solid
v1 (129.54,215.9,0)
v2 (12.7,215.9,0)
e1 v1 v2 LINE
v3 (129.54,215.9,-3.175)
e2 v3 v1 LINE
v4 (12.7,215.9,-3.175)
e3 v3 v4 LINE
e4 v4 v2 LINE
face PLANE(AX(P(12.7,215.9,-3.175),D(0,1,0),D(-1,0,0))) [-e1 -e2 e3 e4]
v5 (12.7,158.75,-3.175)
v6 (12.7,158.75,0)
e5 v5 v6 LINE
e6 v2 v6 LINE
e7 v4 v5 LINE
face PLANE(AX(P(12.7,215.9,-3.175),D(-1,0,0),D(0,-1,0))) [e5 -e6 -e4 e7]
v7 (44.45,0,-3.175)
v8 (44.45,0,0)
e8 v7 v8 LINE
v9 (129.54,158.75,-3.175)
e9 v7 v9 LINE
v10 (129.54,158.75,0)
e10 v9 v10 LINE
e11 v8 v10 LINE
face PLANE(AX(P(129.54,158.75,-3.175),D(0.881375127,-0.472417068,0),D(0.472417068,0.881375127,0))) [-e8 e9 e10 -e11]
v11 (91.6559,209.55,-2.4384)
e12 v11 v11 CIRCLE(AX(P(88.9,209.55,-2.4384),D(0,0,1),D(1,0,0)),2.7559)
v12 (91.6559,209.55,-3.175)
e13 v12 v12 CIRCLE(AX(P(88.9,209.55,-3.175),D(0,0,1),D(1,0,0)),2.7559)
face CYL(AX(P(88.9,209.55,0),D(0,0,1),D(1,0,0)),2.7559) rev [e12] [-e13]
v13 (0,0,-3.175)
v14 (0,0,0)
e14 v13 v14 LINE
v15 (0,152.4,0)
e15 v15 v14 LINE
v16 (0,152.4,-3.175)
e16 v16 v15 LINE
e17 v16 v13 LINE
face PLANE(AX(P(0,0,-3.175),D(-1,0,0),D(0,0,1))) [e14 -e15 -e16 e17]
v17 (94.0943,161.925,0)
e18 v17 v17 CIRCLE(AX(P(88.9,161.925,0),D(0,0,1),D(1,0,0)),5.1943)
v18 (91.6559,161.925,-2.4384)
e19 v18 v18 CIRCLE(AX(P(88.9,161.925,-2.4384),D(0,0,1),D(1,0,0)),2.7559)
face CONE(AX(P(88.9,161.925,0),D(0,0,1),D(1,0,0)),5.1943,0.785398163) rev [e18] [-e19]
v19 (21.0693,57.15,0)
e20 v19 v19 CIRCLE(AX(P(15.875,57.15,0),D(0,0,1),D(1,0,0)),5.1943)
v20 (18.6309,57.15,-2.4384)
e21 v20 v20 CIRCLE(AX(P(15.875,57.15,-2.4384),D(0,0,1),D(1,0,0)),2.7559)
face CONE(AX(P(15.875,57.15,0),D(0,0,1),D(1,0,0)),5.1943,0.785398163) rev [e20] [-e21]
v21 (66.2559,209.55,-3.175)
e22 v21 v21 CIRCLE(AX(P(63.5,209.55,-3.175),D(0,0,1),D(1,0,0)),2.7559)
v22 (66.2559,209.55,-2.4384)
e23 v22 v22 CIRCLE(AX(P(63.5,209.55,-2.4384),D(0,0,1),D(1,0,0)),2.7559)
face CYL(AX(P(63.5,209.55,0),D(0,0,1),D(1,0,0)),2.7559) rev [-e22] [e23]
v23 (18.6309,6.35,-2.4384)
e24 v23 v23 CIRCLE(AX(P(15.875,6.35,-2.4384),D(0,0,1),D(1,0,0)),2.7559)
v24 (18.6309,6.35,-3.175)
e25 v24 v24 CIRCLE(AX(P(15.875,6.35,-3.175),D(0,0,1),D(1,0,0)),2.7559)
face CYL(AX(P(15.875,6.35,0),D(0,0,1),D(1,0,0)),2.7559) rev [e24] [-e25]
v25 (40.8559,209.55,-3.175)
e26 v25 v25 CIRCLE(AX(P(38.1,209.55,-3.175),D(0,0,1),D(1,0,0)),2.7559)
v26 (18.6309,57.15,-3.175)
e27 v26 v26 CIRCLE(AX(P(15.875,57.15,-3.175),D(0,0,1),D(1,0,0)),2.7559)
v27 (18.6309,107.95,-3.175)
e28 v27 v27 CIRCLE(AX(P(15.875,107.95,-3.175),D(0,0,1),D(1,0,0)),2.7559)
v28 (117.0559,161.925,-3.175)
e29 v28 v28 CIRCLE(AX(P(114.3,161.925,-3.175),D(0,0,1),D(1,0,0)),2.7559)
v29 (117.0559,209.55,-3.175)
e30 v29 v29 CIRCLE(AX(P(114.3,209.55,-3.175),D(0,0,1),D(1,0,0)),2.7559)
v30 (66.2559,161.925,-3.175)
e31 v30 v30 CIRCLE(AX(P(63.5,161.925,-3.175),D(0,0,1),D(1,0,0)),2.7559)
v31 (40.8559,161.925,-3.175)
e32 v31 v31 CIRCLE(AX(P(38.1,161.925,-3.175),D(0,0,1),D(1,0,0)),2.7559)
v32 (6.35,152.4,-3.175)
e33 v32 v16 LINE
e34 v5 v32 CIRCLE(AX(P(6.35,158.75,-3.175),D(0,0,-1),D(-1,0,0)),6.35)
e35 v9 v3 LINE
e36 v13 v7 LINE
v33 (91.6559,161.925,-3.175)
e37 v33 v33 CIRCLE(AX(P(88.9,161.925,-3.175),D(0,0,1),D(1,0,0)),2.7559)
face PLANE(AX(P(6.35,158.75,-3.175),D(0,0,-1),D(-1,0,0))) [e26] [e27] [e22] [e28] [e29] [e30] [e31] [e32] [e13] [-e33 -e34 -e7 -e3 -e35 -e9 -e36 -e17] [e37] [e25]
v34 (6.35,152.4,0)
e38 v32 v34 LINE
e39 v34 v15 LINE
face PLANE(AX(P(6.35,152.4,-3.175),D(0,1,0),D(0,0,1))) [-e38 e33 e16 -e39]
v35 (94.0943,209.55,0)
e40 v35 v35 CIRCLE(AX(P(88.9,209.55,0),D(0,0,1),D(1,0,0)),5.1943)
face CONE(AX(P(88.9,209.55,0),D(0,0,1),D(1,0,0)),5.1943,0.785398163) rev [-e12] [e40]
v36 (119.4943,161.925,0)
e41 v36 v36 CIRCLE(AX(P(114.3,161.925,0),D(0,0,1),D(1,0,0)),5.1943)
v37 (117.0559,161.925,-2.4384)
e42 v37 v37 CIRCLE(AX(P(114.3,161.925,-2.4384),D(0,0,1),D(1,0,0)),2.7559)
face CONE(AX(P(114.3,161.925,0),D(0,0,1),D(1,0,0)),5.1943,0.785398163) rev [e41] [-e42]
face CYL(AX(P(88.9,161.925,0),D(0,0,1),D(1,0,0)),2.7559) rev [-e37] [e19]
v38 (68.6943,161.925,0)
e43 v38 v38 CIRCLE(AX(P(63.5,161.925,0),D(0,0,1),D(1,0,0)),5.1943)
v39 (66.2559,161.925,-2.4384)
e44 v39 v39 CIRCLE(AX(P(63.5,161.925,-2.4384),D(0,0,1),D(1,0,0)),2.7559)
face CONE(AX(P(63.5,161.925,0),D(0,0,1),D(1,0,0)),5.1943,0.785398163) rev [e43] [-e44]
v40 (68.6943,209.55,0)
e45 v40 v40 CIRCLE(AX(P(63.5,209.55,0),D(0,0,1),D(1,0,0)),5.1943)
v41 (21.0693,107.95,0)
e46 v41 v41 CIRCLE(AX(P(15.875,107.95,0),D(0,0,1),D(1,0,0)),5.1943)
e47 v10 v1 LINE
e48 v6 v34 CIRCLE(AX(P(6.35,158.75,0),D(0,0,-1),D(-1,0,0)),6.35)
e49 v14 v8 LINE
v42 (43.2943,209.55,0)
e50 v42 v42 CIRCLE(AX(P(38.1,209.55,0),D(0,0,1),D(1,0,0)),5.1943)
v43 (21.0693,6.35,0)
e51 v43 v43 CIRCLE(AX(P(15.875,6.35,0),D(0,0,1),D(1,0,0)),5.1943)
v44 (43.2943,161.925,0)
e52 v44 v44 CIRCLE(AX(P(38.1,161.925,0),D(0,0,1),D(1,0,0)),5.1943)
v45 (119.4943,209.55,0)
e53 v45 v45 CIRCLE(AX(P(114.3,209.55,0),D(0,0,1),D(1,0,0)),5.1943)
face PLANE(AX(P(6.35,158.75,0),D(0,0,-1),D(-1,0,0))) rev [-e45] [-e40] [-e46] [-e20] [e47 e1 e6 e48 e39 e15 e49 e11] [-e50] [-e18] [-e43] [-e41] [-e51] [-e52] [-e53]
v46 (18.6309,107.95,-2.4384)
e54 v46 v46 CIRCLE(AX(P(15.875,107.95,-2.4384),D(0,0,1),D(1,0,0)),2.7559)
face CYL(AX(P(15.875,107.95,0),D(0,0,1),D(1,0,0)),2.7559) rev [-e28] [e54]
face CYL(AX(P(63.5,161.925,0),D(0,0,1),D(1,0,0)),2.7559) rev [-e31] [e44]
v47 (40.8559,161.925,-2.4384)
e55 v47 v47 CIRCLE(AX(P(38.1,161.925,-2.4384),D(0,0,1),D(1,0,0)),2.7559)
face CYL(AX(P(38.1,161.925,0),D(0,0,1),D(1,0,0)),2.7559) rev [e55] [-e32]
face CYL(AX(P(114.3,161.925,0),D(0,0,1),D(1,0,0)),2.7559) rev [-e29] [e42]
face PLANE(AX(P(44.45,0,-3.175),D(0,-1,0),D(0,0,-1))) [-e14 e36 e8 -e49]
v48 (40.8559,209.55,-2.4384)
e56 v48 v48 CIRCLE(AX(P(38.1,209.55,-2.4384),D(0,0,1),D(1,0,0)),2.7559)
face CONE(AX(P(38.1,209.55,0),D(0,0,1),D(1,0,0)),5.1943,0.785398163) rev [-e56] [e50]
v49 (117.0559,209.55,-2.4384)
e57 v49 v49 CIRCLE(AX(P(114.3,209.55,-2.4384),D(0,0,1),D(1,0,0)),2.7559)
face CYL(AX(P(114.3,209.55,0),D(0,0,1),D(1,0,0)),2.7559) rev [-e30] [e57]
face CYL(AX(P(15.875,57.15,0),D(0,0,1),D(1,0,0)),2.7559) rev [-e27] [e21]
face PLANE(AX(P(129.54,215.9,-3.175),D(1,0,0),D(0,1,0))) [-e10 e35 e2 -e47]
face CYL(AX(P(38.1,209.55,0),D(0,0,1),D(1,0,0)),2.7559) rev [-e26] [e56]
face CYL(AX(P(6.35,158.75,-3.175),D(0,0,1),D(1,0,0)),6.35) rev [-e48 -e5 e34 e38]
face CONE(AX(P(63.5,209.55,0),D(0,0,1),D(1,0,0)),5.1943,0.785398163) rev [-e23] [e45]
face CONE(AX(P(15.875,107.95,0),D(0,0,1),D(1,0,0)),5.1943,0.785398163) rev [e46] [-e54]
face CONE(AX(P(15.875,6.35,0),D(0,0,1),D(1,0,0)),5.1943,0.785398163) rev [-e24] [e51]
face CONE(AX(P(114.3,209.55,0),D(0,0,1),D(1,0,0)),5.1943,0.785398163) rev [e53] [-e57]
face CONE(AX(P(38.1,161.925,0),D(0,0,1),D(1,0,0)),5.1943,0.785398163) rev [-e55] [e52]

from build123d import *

# Parameters (mm, degrees)
BOSS_EXTRUDE1_DEPTH                       = 3.175
CSK_FOR_0_FLAT_HEAD_MACHINE_SCREW_2_COUNT = 2
CSK_FOR_0_FLAT_HEAD_MACHINE_SCREW_2_PITCH = 47.625
LPATTERN1_COUNT                           = 4
LPATTERN1_PITCH                           = 25.4
LPATTERN2_COUNT                           = 3
LPATTERN2_PITCH                           = 50.8


with BuildPart() as part:
    # Sketch1 → Boss-Extrude1 (new body)
    with BuildSketch(Plane.XY):
        with BuildLine():
            Line((0, 0), (0, 152.4))
            Line((0, 152.4), (6.35, 152.4))
            ThreePointArc((6.35, 152.4), (10.840128061, 154.259871939), (12.7, 158.75))
            Line((12.7, 158.75), (12.7, 215.9))
            Line((12.7, 215.9), (129.54, 215.9))
            Line((129.54, 215.9), (129.54, 158.75))
            Line((129.54, 158.75), (44.45, 0))
            Line((44.45, 0), (0, 0))
        make_face()
    extrude(amount=-BOSS_EXTRUDE1_DEPTH)

    # Sketch3 → CSK for _0 Flat Head Machine Screw _100 (revolve, cut)
    with BuildSketch(Plane(origin=(38.1, 209.55, 0), x_dir=(0, -1, 0), z_dir=(1, 0, 0))):
        Polygon((0, 0), (0, 3.175), (2.7559, 3.175), (2.7559, 2.4384), (5.1943, 0), align=None)
    csk_for_0_flat_head_machine_screw_100 = revolve(axis=Axis((38.1, 209.55, 6.35), (0, 0, -1)), mode=Mode.SUBTRACT)

    # CSK for _0 Flat Head Machine Screw _ 2: CSK for _0 Flat Head Machine Screw _100 ×2
    with Locations(*[(0, -i * CSK_FOR_0_FLAT_HEAD_MACHINE_SCREW_2_PITCH, 0) for i in range(1, CSK_FOR_0_FLAT_HEAD_MACHINE_SCREW_2_COUNT)]):
        add(csk_for_0_flat_head_machine_screw_100, mode=Mode.SUBTRACT)

    # LPattern1: CSK for _0 Flat Head Machine Screw _100 ×4
    with Locations(*[(i * LPATTERN1_PITCH, 0, 0) for i in range(1, LPATTERN1_COUNT)]):
        add(csk_for_0_flat_head_machine_screw_100, mode=Mode.SUBTRACT)

    # LPattern1 copy 1 sketch → LPattern1 copy 1 (revolve, cut)
    with BuildSketch(Plane(origin=(63.5, 161.925, 0), x_dir=(0, -1, 0), z_dir=(1, 0, 0))):
        Polygon((0, 0), (0, 3.175), (2.7559, 3.175), (2.7559, 2.4384), (5.1943, 0), align=None)
    revolve(axis=Axis((63.5, 161.925, 6.35), (0, 0, -1)), mode=Mode.SUBTRACT)

    # LPattern1 copy 2 sketch → LPattern1 copy 2 (revolve, cut)
    with BuildSketch(Plane(origin=(88.9, 161.925, 0), x_dir=(0, -1, 0), z_dir=(1, 0, 0))):
        Polygon((0, 0), (0, 3.175), (2.7559, 3.175), (2.7559, 2.4384), (5.1943, 0), align=None)
    revolve(axis=Axis((88.9, 161.925, 6.35), (0, 0, -1)), mode=Mode.SUBTRACT)

    # LPattern1 copy 3 sketch → LPattern1 copy 3 (revolve, cut)
    with BuildSketch(Plane(origin=(114.3, 161.925, 0), x_dir=(0, -1, 0), z_dir=(1, 0, 0))):
        Polygon((0, 0), (0, 3.175), (2.7559, 3.175), (2.7559, 2.4384), (5.1943, 0), align=None)
    revolve(axis=Axis((114.3, 161.925, 6.35), (0, 0, -1)), mode=Mode.SUBTRACT)

    # Sketch4 → CSK for _0 Flat Head Machine Screw _ 3 (revolve, cut)
    with BuildSketch(Plane(origin=(15.875, 107.95, 0), x_dir=(0, -1, 0), z_dir=(1, 0, 0))):
        Polygon((0, 0), (0, 3.175), (2.7559, 3.175), (2.7559, 2.4384), (5.1943, 0), align=None)
    csk_for_0_flat_head_machine_screw_3 = revolve(axis=Axis((15.875, 107.95, 6.35), (0, 0, -1)), mode=Mode.SUBTRACT)

    # LPattern2: CSK for _0 Flat Head Machine Screw _ 3 ×3
    with Locations(*[(0, -i * LPATTERN2_PITCH, 0) for i in range(1, LPATTERN2_COUNT)]):
        add(csk_for_0_flat_head_machine_screw_3, mode=Mode.SUBTRACT)


solid = part.part
